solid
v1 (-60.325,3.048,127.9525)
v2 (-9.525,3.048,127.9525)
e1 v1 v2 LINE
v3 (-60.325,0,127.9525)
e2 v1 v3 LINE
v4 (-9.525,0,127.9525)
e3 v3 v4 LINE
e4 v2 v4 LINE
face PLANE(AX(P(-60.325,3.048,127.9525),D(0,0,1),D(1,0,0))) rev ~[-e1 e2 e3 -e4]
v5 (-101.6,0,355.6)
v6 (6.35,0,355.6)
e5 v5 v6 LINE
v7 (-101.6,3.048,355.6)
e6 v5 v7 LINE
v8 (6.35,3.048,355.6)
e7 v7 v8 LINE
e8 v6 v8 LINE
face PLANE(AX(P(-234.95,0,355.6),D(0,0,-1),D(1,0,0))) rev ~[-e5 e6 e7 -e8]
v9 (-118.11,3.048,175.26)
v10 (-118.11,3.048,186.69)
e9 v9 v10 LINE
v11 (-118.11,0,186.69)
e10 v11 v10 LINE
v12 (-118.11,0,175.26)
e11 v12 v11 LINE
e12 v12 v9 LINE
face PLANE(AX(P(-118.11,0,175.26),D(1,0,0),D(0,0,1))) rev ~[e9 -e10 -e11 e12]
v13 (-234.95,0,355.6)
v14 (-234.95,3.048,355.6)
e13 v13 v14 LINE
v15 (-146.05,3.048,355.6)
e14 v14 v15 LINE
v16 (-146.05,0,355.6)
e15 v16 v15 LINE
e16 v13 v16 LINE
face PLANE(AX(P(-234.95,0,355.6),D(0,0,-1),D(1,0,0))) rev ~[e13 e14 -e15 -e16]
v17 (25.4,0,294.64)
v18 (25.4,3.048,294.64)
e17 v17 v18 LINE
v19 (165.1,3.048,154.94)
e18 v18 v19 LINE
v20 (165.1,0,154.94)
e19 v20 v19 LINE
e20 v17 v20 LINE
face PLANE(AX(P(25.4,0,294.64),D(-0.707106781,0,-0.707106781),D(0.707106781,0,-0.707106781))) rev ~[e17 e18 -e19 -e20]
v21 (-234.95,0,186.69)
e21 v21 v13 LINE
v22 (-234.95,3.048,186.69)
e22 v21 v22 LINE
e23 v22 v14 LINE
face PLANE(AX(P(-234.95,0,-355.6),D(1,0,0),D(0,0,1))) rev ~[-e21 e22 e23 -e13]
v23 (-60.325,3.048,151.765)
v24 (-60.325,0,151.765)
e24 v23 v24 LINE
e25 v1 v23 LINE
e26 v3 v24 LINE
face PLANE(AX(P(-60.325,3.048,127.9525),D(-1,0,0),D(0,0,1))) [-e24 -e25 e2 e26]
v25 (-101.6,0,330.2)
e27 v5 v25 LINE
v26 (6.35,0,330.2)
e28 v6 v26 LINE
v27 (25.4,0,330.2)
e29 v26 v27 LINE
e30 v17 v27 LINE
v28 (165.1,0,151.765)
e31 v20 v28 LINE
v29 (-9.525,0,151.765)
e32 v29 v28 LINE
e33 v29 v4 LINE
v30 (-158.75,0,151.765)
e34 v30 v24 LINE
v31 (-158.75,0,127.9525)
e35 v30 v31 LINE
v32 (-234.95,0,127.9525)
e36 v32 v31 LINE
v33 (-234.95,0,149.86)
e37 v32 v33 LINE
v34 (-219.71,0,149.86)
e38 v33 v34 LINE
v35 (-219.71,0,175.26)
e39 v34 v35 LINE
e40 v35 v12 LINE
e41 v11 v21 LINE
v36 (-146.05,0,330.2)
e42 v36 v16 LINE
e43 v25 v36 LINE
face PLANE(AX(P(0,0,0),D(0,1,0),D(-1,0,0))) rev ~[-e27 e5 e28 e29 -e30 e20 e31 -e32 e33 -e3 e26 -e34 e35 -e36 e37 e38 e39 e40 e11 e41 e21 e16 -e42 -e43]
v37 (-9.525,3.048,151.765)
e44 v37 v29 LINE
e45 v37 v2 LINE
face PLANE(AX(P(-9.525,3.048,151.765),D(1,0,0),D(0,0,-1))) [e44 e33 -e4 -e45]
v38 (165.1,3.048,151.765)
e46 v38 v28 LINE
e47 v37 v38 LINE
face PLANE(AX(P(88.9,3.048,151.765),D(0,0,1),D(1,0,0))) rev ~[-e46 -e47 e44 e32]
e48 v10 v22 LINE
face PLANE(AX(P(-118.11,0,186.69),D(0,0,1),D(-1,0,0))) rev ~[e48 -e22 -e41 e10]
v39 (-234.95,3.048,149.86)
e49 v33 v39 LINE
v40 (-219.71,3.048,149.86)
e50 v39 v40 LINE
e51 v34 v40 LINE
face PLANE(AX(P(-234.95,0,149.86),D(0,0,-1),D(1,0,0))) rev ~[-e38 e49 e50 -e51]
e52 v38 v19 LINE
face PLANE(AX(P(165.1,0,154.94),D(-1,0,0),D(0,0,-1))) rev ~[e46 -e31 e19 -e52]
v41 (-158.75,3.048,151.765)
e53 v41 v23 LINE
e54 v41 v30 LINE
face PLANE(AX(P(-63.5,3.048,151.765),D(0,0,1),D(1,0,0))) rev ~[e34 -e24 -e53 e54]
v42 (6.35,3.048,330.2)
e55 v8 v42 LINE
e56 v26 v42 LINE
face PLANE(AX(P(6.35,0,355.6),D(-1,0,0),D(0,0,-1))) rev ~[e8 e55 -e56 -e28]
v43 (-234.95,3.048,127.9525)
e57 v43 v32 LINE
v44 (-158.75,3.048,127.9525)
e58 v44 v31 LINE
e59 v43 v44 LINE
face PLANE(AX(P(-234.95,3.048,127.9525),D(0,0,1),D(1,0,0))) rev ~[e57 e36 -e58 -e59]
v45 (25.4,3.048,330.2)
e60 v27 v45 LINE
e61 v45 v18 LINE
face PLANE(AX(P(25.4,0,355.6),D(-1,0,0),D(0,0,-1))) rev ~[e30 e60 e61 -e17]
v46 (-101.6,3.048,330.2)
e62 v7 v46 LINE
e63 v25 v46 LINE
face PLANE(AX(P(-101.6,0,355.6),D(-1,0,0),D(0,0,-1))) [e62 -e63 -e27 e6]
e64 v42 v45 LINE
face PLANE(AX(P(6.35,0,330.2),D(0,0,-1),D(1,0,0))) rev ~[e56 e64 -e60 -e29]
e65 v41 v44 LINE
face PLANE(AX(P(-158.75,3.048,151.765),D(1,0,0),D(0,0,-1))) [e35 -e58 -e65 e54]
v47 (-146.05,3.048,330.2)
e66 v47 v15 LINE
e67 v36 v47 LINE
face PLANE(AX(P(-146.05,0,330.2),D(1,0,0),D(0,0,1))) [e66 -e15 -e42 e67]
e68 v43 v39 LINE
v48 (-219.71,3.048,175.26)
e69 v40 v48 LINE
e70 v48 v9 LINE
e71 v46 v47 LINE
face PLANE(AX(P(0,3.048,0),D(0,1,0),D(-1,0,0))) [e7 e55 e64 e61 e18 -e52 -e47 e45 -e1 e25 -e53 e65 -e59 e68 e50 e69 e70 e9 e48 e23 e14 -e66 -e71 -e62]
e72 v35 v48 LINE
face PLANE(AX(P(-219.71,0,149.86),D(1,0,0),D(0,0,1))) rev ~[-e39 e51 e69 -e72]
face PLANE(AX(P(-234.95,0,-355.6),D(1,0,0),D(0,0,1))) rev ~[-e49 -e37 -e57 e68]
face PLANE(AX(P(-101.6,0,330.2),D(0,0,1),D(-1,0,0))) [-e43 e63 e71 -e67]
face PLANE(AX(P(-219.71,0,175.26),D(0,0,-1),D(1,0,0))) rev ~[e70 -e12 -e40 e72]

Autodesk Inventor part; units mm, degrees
ref_plane "YZ Plane" through (0, 0, 0) normal (1, 0, 0) x (0, 1, 0)
ref_plane "XZ Plane" through (0, 0, 0) normal (0, 1, 0) x (-1, 0, 0)
ref_plane "XY Plane" through (0, 0, 0) normal (0, 0, 1) x (1, 0, 0)
sketch "Sketch1" plane through (0, 0, 0) normal (0, 1, 0) x (-1, 0, 0)
  line L0 (234.95, 355.6) -> (-234.95, 355.6)
  line L1 (-234.95, 355.6) -> (-234.95, -355.6)
  line L2 (-234.95, -355.6) -> (234.95, -355.6)
  line L3 (234.95, -355.6) -> (234.95, 355.6)
  line L4 (234.95, 355.6) -> (-234.95, -355.6) construction
  line L5 (-234.95, 355.6) -> (234.95, -355.6) construction
  point P0 (0, 0)
  dimension "d0" = 469.9
  dimension "d1" = 711.2
extrude "Plate1" add sketch "Sketch1" along normal blind 3.048
sketch "Sketch3" plane through (0, 3.048, 0) normal (0, 1, 0) x (1, 0, 0)
  line L0 (234.95, -355.6) -> (-234.95, -355.6) projected
  point P0 (0, 0)
sketch "Sketch4" plane through (0, 0, 0) normal (0, -1, 0) x (1, 0, 0)
  line L0 (-234.95, 355.6) -> (234.95, 355.6) projected
  line L1 (-234.95, -355.6) -> (-234.95, 355.6) projected
  line L2 (234.95, -355.6) -> (-234.95, -355.6) projected
  line L3 (234.95, 355.6) -> (234.95, -355.6) projected
  line L4 (-234.95, 355.6) -> (234.95, 355.6) projected
  line L5 (25.4, 355.6) -> (25.4, 294.64)
  line L6 (165.1, 101.6) -> (234.95, 101.6)
  line L7 (234.95, 355.6) -> (234.95, -355.6) projected
  line L8 (25.4, 294.64) -> (165.1, 154.94)
  line L9 (25.4, 294.64) -> (222.9656, 294.64) construction
  line L10 (165.1, 154.94) -> (165.1, 101.6)
  line L11 (234.95, 0) -> (-234.95, 0)
  line L12 (-234.95, -355.6) -> (-234.95, 355.6) projected
  line L13 (25.4, -355.6) -> (25.4, -294.64)
  line L14 (165.1, -127) -> (234.95, -127)
  line L15 (25.4, -294.64) -> (165.1, -154.94)
  line L16 (25.4, -294.64) -> (222.9656, -294.64) construction
  line L17 (165.1, -154.94) -> (165.1, -127)
  line L18 (-234.95, 184.15) -> (-120.65, 184.15)
  line L19 (-120.65, 184.15) -> (-120.65, 177.8)
  line L20 (-120.65, 177.8) -> (-222.25, 177.8)
  line L21 (-222.25, 177.8) -> (-222.25, 152.4)
  line L22 (-222.25, 152.4) -> (-234.95, 152.4)
  line L23 (-234.95, 149.86) -> (-219.71, 149.86)
  line L24 (-219.71, 149.86) -> (-219.71, 175.26)
  line L25 (-219.71, 175.26) -> (-118.11, 175.26)
  line L26 (-118.11, 175.26) -> (-118.11, 186.69)
  line L27 (-118.11, 186.69) -> (-234.95, 186.69)
  line L28 (165.1, -129.54) -> (20.32, -129.54)
  line L29 (20.32, -129.54) -> (20.32, 88.9)
  line L30 (20.32, 88.9) -> (165.1, 88.9)
  line L31 (165.1, 101.6) -> (165.1, 88.9)
  line L32 (-234.95, -184.15) -> (-120.65, -184.15)
  line L33 (-120.65, -184.15) -> (-120.65, -177.8)
  line L34 (-120.65, -177.8) -> (-222.25, -177.8)
  line L35 (-222.25, -177.8) -> (-222.25, -152.4)
  line L36 (-222.25, -152.4) -> (-234.95, -152.4)
  line L37 (-234.95, -149.86) -> (-219.71, -149.86)
  line L38 (-219.71, -149.86) -> (-219.71, -175.26)
  line L39 (-219.71, -175.26) -> (-118.11, -175.26)
  line L40 (-118.11, -175.26) -> (-118.11, -186.69)
  line L41 (-118.11, -186.69) -> (-234.95, -186.69)
  line L42 (-158.75, 35.56) -> (-158.75, -43.18)
  line L43 (-158.75, -43.18) -> (-234.95, -43.18)
  line L44 (-158.75, 35.56) -> (-234.95, 35.56)
  line L45 (25.4, 330.2) -> (6.35, 330.2)
  line L46 (6.35, 330.2) -> (6.35, 355.6)
  line L47 (25.4, -330.2) -> (6.35, -330.2)
  line L48 (6.35, -330.2) -> (6.35, -355.6)
  line L49 (234.95, -355.6) -> (-234.95, -355.6) projected
  point P0 (0, 0)
  dimension "d3" = 209.55
  dimension "d4" = 254
  dimension "d5" = 45
  dimension "d6" = 60.96
  dimension "d9" = 69.85
  dimension "d12" = 45
  dimension "d13" = 209.55
  dimension "d14" = 228.6
  dimension "d15" = 69.85
  dimension "d16" = 60.96
  dimension "d17" = 171.45
  dimension "d18" = 114.3
  dimension "d19" = 6.35
  dimension "d21" = 101.6
  dimension "d22" = 25.4
  dimension "d23" = 2.54
  dimension "d26" = 144.78
  dimension "d31" = 12.7
  dimension "d32" = 114.3
  dimension "d33" = 171.45
  dimension "d34" = 6.35
  dimension "d35" = 101.6
  dimension "d36" = 25.4
  dimension "d37" = 2.54
  dimension "d38" = 76.2
  dimension "d39" = 35.56
  dimension "d40" = 43.18
  dimension "d41" = 2.54
  dimension "d42" = 25.4
  dimension "d43" = 19.05
  dimension "d44" = 25.4
  dimension "d45" = 19.05
extrude "Cut1" cut sketch "Sketch4" against normal blind 3.048 contours L27 L26 L25 L24 L23 L1 L22 L21 L20 L19 L18 | L0 L3 L6 L10 L8 L5 | L18 L19 L20 L21 L22 L1 | L3 L11 L29 L30 L31 L6 | L3 L14 L17 L28 L29 L11 | L44 L42 L11 L1 | L3 L2 L13 L15 L17 L14 | L11 L42 L43 L1 | L37 L38 L39 L40 L41 L1 L32 L33 L34 L35 L36 | L36 L35 L34 L33 L32 L1
sketch "Sketch5" plane through (0, 0, 0) normal (0, -1, 0) x (1, 0, 0)
  line L0 (25.4, 355.6) -> (25.4, 294.64) projected
  line L1 (25.4, 294.64) -> (165.1, 154.94) projected
  line L2 (165.1, 154.94) -> (165.1, 88.9) projected
  line L3 (165.1, 88.9) -> (20.32, 88.9) projected
  line L4 (20.32, 88.9) -> (20.32, -129.54) projected
  line L5 (20.32, -129.54) -> (165.1, -129.54) projected
  line L6 (165.1, -129.54) -> (165.1, -154.94) projected
  line L7 (165.1, -154.94) -> (25.4, -294.64) projected
  line L8 (25.4, -294.64) -> (25.4, -355.6) projected
  line L9 (25.4, -355.6) -> (-234.95, -355.6) projected
  line L10 (-234.95, -355.6) -> (-234.95, -186.69) projected
  line L11 (-234.95, -186.69) -> (-118.11, -186.69) projected
  line L12 (-118.11, -186.69) -> (-118.11, -175.26) projected
  line L13 (-118.11, -175.26) -> (-219.71, -175.26) projected
  line L14 (-219.71, -175.26) -> (-219.71, -149.86) projected
  line L15 (-219.71, -149.86) -> (-234.95, -149.86) projected
  line L16 (-234.95, -149.86) -> (-234.95, -43.18) projected
  line L17 (-234.95, -43.18) -> (-158.75, -43.18) projected
  line L18 (-158.75, -43.18) -> (-158.75, 35.56) projected
  line L19 (-158.75, 35.56) -> (-234.95, 35.56) projected
  line L20 (-234.95, 35.56) -> (-234.95, 149.86) projected
  line L21 (-234.95, 149.86) -> (-219.71, 149.86) projected
  line L22 (-219.71, 149.86) -> (-219.71, 175.26) projected
  line L23 (-219.71, 175.26) -> (-118.11, 175.26) projected
  line L24 (-118.11, 175.26) -> (-118.11, 186.69) projected
  line L25 (-118.11, 186.69) -> (-234.95, 186.69) projected
  line L26 (-234.95, 186.69) -> (-234.95, 355.6) projected
  line L27 (-234.95, 355.6) -> (25.4, 355.6) projected
  line L28 (25.4, -355.6) -> (-234.95, -355.6) projected
  line L29 (25.4, -355.6) -> (6.35, -355.6)
  line L30 (6.35, -355.6) -> (6.35, -330.2)
  line L31 (6.35, -330.2) -> (25.4, -330.2)
  line L32 (25.4, -330.2) -> (25.4, -355.6)
  line L33 (-234.95, 355.6) -> (25.4, 355.6) projected
  line L34 (25.4, 355.6) -> (6.35, 355.6)
  line L35 (6.35, 355.6) -> (6.35, 330.2)
  line L36 (6.35, 330.2) -> (25.4, 330.2)
  line L37 (25.4, 330.2) -> (25.4, 355.6)
  line L38 (-146.05, -355.6) -> (-101.6, -355.6)
  line L39 (-101.6, -355.6) -> (-101.6, -330.2)
  line L40 (-101.6, -330.2) -> (-146.05, -330.2)
  line L41 (-146.05, -330.2) -> (-146.05, -355.6)
  line L42 (-146.05, 355.6) -> (-101.6, 355.6)
  line L43 (-101.6, 355.6) -> (-101.6, 330.2)
  line L44 (-101.6, 330.2) -> (-146.05, 330.2)
  line L45 (-146.05, 330.2) -> (-146.05, 355.6)
  point P0 (0, 0)
  dimension "d46" = 19.05
  dimension "d47" = 25.4
  dimension "d48" = 19.05
  dimension "d49" = 25.4
  dimension "d52" = 44.45
  dimension "d53" = 25.4
  dimension "d54" = 88.9
  dimension "d55" = 44.45
  dimension "d56" = 25.4
  dimension "d57" = 88.9
extrude "Cut2" cut sketch "Sketch5" against normal blind 3.048 contours L0 L36 L35 L27 | L43 L44 L45 L27 | L8 L9 L30 L31 | L9 L41 L40 L39
sketch "Sketch6" plane through (0, 3.048, 0) normal (0, 1, 0) x (1, 0, 0)
  line L0 (20.32, -88.9) -> (165.1, -88.9) projected
  line L1 (165.1, -88.9) -> (165.1, -154.94) projected
  line L2 (165.1, -154.94) -> (25.4, -294.64) projected
  line L3 (25.4, -294.64) -> (25.4, -330.2) projected
  line L4 (25.4, -330.2) -> (6.35, -330.2) projected
  line L5 (6.35, -330.2) -> (6.35, -355.6) projected
  line L6 (6.35, -355.6) -> (-101.6, -355.6) projected
  line L7 (-101.6, -355.6) -> (-101.6, -330.2) projected
  line L8 (-101.6, -330.2) -> (-146.05, -330.2) projected
  line L9 (-146.05, -330.2) -> (-146.05, -355.6) projected
  line L10 (-146.05, -355.6) -> (-234.95, -355.6) projected
  line L11 (-234.95, -355.6) -> (-234.95, -186.69) projected
  line L12 (-234.95, -186.69) -> (-118.11, -186.69) projected
  line L13 (-118.11, -186.69) -> (-118.11, -175.26) projected
  line L14 (-118.11, -175.26) -> (-219.71, -175.26) projected
  line L15 (-219.71, -175.26) -> (-219.71, -149.86) projected
  line L16 (-219.71, -149.86) -> (-234.95, -149.86) projected
  line L17 (-234.95, -149.86) -> (-234.95, -35.56) projected
  line L18 (-234.95, -35.56) -> (-158.75, -35.56) projected
  line L19 (-158.75, -35.56) -> (-158.75, 43.18) projected
  line L20 (-158.75, 43.18) -> (-234.95, 43.18) projected
  line L21 (-234.95, 43.18) -> (-234.95, 149.86) projected
  line L22 (-234.95, 149.86) -> (-219.71, 149.86) projected
  line L23 (-219.71, 149.86) -> (-219.71, 175.26) projected
  line L24 (-219.71, 175.26) -> (-118.11, 175.26) projected
  line L25 (-118.11, 175.26) -> (-118.11, 186.69) projected
  line L26 (-118.11, 186.69) -> (-234.95, 186.69) projected
  line L27 (-234.95, 186.69) -> (-234.95, 355.6) projected
  line L28 (-234.95, 355.6) -> (-146.05, 355.6) projected
  line L29 (-146.05, 355.6) -> (-146.05, 330.2) projected
  line L30 (-146.05, 330.2) -> (-101.6, 330.2) projected
  line L31 (-101.6, 330.2) -> (-101.6, 355.6) projected
  line L32 (-101.6, 355.6) -> (6.35, 355.6) projected
  line L33 (6.35, 355.6) -> (6.35, 330.2) projected
  line L34 (6.35, 330.2) -> (25.4, 330.2) projected
  line L35 (25.4, 330.2) -> (25.4, 294.64) projected
  line L36 (25.4, 294.64) -> (165.1, 154.94) projected
  line L37 (165.1, 154.94) -> (165.1, 129.54) projected
  line L38 (165.1, 129.54) -> (20.32, 129.54) projected
  line L39 (20.32, 129.54) -> (20.32, -88.9) projected
  line L40 (-234.95, -151.765) -> (-158.75, -151.765)
  line L41 (-158.75, -151.765) -> (-158.75, -126.365)
  line L42 (-158.75, -126.365) -> (-234.95, -126.365)
  line L43 (-234.95, -126.365) -> (-234.95, -151.765)
  line L44 (-234.95, -151.765) -> (-158.75, -126.365) construction
  line L45 (-158.75, -151.765) -> (-234.95, -126.365) construction
  line L46 (88.9, -151.765) -> (165.1, -151.765)
  line L47 (165.1, -151.765) -> (165.1, -126.365)
  line L48 (165.1, -126.365) -> (88.9, -126.365)
  line L49 (88.9, -126.365) -> (88.9, -151.765)
  line L50 (88.9, -151.765) -> (165.1, -126.365) construction
  line L51 (165.1, -151.765) -> (88.9, -126.365) construction
  line L52 (165.1, -154.94) -> (165.1, -88.9) projected
  line L53 (-234.95, -149.86) -> (-234.95, -35.56) projected
  line L54 (88.9, 127.635) -> (165.1, 127.635)
  line L55 (165.1, 127.635) -> (165.1, 153.035)
  line L56 (165.1, 153.035) -> (88.9, 153.035)
  line L57 (88.9, 153.035) -> (88.9, 127.635)
  line L58 (88.9, 127.635) -> (165.1, 153.035) construction
  line L59 (165.1, 127.635) -> (88.9, 153.035) construction
  line L60 (-60.325, 127.635) -> (-9.525, 127.635)
  line L61 (-9.525, 127.635) -> (-9.525, 153.035)
  line L62 (-9.525, 153.035) -> (-60.325, 153.035)
  line L63 (-60.325, 153.035) -> (-60.325, 127.635)
  line L64 (-60.325, 127.635) -> (-9.525, 153.035) construction
  line L65 (-9.525, 127.635) -> (-60.325, 153.035) construction
  line L66 (-60.325, -151.765) -> (-9.525, -151.765)
  line L67 (-9.525, -151.765) -> (-9.525, -126.365)
  line L68 (-9.525, -126.365) -> (-60.325, -126.365)
  line L69 (-60.325, -126.365) -> (-60.325, -151.765)
  line L70 (-60.325, -151.765) -> (-9.525, -126.365) construction
  line L71 (-9.525, -151.765) -> (-60.325, -126.365) construction
  line L72 (-196.85, -139.065) -> (127, -139.065) construction
  line L73 (-234.95, 127.635) -> (-158.75, 127.635)
  line L74 (-158.75, 127.635) -> (-158.75, 153.035)
  line L75 (-158.75, 153.035) -> (-234.95, 153.035)
  line L76 (-234.95, 153.035) -> (-234.95, 127.635)
  line L77 (-234.95, 127.635) -> (-158.75, 153.035) construction
  line L78 (-158.75, 127.635) -> (-234.95, 153.035) construction
  line L79 (-158.75, -151.765) -> (88.9, -151.765)
  line L80 (88.9, 153.035) -> (-158.75, 153.035)
  line L81 (-158.75, -126.365) -> (88.9, -126.365)
  line L82 (-158.75, 127.635) -> (88.9, 127.635)
  line L83 (165.1, 129.54) -> (20.32, 129.54) construction
  line L84 (-6.35, -151.765) -> (-6.35, -126.365)
  line L85 (85.725, -151.765) -> (85.725, -126.365)
  line L86 (-155.575, -151.765) -> (-155.575, -126.365)
  line L87 (-63.5, -151.765) -> (-63.5, -126.365)
  line L88 (-63.5, 127.635) -> (-63.5, 153.035)
  line L89 (-6.35, 127.635) -> (-6.35, 153.035)
  line L90 (85.725, 127.635) -> (85.725, 153.035)
  line L91 (-155.575, 127.635) -> (-155.575, 153.035)
  line L92 (-234.95, -35.56) -> (-234.95, -149.86) construction
  line L93 (-234.95, -127.9525) -> (165.1, -127.9525)
  line L94 (165.1, -88.9) -> (165.1, -154.94) construction
  point P0 (0, 0)
  point P1 (127, 140.335)
  point P2 (-34.925, 140.335)
  point P3 (-34.925, -139.065)
  point P4 (-34.925, -139.065)
  point P5 (-196.85, 140.335)
  point P6 (-9.525, -151.765)
  point P7 (-219.71, -151.765)
  point P8 (-60.325, -126.365)
  point P9 (-60.325, -126.365)
  point P10 (-158.75, -127.9525)
  point P11 (-60.325, -127.9525)
  point P12 (-9.525, -127.9525)
  dimension "d58" = 25.4
  dimension "d59" = 3.175
  dimension "d60" = 76.2
  dimension "d61" = 50.8
  dimension "d62" = 279.4
  dimension "d65" = 3.175
  dimension "d66" = 3.175
  dimension "d67" = 3.175
  dimension "d68" = 3.175
  dimension "d69" = 3.175
  dimension "d70" = 3.175
  dimension "d71" = 3.175
  dimension "d72" = 3.175
  dimension "d73" = 1.5875
extrude "Extrusion1" cut sketch "Sketch6" against normal through all contours L0 L1 L48 L81 L68 L42 L17 L18 L19 L20 L21 L73 L82 L60 L39 | L82 L89 L80 L90 L38 L39 | L1 L93 L49 L48 | L82 L61 L80 L89 | L1 L46 L49 L93 | L49 L93 L85 L81 | L90 L80 L57 L38 | L60 L63 L62 L61 | L80 L62 L75 L23 L24 L25 L26 L27 L28 L29 L30 L31 L32 L33 L34 L35 L36 L37 L56 | L49 L79 L85 L93 | L85 L93 L84 L81 | L57 L56 L37 L38 | L82 L88 L80 L63 | L85 L79 L84 L93 | L84 L93 L67 L81 | L82 L91 L80 L88 | L84 L79 L67 L93 | L67 L93 L69 L68 | L82 L74 L80 L91 | L69 L93 L87 L81 | L73 L21 L22 L23 L75 L74 | L69 L79 L87 L93 | L87 L93 L86 L81 | L87 L79 L86 L93 | L86 L93 L41 L81 | L86 L79 L41 L93 | L41 L93 L17 L42
equation "\"d10\" = Thickness"
equation "\"d2\" = Thickness"
equation "\"BendRadius\" = Thickness"
equation "\"BendReliefWidth\" = Thickness"
equation "\"BendReliefDepth\" = 0.5 * Thickness"
equation "\"CornerReliefSize\" = 4 * Thickness"
equation "\"MinimumRemnant\" = 2 * Thickness"
equation "\"TransitionRadius\" = BendRadius"
equation "\"JacobiRadiusSize\" = BendRadius"
equation "\"GapSize\" = Thickness"
equation "\"Thickness\" = 3.048"
properties part number "DB1-021" material "Polycarbonate, Smoke"
